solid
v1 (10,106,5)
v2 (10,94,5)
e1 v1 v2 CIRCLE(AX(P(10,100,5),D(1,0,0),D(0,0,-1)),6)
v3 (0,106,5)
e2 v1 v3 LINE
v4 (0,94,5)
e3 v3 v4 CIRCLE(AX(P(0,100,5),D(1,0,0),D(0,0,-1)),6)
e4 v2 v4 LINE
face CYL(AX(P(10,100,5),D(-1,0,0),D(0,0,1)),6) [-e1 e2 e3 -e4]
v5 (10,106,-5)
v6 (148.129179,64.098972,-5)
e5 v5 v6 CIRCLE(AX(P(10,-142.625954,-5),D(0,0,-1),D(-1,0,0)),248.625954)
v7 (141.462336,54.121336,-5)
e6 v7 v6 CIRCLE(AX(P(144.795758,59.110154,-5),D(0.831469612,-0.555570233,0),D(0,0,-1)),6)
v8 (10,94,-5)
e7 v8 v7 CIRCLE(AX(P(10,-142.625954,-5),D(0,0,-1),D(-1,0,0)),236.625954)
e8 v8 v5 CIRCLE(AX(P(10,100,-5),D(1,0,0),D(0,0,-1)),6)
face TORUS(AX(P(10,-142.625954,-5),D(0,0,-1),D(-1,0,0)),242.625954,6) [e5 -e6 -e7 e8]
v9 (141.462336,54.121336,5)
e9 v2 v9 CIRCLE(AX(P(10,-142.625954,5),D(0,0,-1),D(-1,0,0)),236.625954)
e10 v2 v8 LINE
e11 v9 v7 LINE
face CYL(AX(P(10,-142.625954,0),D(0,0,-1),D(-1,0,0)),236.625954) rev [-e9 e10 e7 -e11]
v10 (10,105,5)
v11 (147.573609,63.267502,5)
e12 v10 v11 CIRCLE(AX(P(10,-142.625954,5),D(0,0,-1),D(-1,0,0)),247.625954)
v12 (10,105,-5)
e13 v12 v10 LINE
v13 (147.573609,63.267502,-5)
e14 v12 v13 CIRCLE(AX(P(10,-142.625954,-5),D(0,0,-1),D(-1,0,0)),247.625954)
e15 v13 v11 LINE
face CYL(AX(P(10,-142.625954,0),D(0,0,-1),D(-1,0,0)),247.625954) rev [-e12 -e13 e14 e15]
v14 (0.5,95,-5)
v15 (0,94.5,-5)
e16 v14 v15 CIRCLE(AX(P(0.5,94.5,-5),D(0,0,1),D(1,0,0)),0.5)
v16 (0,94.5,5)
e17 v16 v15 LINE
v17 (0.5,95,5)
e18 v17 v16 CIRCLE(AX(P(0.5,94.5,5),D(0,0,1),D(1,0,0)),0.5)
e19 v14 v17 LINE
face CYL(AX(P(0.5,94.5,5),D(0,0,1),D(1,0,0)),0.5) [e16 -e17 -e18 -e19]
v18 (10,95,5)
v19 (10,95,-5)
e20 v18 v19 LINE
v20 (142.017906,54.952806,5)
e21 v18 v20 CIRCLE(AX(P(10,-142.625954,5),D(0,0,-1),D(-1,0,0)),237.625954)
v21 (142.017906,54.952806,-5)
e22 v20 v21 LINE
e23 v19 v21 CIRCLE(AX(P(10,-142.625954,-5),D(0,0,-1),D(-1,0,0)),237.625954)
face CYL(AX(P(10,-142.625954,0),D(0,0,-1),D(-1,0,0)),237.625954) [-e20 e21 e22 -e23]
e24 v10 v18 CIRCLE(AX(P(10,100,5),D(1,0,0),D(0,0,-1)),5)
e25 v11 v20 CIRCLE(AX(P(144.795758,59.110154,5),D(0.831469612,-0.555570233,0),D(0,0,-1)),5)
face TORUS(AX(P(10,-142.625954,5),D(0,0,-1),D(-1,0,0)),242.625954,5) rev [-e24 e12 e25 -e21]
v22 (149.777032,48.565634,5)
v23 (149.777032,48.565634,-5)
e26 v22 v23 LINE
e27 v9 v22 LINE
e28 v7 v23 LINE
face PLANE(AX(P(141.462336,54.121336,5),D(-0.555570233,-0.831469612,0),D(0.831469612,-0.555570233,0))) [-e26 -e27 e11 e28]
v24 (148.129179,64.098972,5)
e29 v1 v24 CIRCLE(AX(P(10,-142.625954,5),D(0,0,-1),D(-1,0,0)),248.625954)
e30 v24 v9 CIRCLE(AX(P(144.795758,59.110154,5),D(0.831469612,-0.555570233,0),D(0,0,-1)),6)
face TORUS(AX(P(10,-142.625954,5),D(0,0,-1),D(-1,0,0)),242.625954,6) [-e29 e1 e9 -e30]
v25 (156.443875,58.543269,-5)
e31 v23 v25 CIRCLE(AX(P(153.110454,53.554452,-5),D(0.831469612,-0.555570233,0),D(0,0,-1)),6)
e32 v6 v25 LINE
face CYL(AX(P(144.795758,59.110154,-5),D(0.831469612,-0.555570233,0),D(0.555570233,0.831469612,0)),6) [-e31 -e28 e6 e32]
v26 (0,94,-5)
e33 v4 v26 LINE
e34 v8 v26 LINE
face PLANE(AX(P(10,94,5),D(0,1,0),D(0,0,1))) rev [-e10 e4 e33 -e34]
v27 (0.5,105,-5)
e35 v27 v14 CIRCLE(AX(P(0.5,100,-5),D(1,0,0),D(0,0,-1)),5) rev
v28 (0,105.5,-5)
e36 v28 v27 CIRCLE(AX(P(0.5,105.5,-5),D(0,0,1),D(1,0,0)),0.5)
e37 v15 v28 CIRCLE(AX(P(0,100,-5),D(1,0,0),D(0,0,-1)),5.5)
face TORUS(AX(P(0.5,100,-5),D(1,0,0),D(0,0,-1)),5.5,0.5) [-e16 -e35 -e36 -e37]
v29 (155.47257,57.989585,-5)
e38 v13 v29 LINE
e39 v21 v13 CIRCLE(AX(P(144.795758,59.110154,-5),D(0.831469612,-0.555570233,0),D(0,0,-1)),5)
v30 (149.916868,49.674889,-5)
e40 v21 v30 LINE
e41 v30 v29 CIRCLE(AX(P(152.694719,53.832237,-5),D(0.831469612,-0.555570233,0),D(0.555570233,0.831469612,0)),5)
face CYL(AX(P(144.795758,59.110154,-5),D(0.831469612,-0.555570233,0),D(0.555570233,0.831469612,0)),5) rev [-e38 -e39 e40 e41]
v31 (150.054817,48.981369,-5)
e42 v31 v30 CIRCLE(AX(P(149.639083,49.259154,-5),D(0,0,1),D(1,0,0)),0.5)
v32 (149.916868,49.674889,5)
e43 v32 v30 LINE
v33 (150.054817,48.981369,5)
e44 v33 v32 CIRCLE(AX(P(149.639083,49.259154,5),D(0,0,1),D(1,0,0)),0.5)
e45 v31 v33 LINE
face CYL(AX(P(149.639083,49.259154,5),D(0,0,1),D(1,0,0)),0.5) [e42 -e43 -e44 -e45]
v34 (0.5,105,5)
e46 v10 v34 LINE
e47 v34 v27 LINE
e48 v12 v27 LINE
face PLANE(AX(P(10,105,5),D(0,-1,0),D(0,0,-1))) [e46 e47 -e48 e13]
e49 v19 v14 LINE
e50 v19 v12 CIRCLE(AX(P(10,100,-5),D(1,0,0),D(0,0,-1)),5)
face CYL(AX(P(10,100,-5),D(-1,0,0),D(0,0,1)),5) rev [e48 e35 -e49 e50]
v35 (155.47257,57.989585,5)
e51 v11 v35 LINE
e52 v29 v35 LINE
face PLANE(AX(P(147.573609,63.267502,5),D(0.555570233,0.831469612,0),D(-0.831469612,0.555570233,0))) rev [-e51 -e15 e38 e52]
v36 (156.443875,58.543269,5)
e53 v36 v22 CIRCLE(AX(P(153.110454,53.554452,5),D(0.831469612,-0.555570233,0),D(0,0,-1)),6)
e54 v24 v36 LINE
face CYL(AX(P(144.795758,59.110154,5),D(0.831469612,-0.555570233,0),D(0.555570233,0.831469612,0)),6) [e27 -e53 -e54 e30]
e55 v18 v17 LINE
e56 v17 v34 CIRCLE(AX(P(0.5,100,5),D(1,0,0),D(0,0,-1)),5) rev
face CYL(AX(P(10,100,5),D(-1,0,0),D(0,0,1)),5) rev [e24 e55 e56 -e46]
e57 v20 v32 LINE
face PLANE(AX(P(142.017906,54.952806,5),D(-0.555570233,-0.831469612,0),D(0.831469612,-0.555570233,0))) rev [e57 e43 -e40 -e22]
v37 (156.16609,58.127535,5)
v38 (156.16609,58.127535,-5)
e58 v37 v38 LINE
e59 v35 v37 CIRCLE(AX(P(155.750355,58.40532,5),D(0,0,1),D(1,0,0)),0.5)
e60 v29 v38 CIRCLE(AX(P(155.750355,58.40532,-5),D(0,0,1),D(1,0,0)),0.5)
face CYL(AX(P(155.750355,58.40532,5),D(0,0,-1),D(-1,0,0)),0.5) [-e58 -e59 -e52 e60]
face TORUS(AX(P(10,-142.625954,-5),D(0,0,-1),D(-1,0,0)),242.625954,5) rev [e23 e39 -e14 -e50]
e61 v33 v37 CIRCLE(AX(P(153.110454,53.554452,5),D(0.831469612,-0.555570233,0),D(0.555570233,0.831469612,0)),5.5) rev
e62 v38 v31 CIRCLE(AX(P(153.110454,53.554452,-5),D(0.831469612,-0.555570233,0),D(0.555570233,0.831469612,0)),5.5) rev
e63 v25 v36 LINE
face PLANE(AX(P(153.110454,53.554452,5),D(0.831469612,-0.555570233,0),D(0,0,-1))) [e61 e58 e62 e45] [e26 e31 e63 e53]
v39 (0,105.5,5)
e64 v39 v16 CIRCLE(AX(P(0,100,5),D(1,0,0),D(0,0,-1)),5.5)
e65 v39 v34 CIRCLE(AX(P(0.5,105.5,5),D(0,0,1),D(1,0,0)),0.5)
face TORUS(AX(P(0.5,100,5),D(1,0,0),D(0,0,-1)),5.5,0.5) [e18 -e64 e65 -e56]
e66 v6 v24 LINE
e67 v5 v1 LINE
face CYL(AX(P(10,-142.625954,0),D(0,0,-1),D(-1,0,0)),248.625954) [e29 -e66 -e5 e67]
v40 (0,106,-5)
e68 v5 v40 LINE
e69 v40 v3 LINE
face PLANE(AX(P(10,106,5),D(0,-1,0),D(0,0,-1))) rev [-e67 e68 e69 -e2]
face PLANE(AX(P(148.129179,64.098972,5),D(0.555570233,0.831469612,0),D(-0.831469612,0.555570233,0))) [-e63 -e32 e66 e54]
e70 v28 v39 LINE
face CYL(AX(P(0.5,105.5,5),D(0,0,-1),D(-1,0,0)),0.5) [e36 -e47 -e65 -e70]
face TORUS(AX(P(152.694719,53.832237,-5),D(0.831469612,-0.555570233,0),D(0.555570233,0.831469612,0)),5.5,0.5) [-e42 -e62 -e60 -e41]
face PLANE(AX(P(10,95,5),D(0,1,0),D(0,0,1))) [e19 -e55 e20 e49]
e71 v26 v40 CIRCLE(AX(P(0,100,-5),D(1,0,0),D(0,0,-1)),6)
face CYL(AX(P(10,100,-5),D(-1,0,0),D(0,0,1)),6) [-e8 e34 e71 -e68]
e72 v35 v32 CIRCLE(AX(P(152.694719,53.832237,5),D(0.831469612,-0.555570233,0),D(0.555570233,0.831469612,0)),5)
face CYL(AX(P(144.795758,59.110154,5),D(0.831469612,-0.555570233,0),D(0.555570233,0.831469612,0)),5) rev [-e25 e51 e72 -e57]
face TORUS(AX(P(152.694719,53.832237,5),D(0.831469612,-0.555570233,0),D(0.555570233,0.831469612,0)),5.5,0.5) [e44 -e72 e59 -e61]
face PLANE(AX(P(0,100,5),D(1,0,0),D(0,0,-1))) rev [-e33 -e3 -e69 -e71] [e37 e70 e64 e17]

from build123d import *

# Parameters (mm, degrees)
FILLET1_R = 0.5


with BuildPart() as part:
    # Sweep1: sweep along a path in Sketch2path
    with BuildLine(Plane.XY) as sweep1_path:
        Line((0, 100), (10, 100))
        ThreePointArc((10, 100), (80.430596643, 89.552607894), (144.795757594, 59.110153969))
        Line((144.795757594, 59.110153969), (153.110453717, 53.554451639))
    # Sketch3 → Sweep1 (sweep)
    with BuildSketch(Plane(origin=(0, 0, 0), x_dir=(0, 0, -1), z_dir=(1, 0, 0))):
        with BuildLine():
            Line((-5, 106), (5, 106))
            ThreePointArc((5, 106), (11, 100), (5, 94))
            Line((5, 94), (-5, 94))
            ThreePointArc((-5, 94), (-11, 100), (-5, 106))
        make_face()
        with BuildLine():
            Line((-5, 105), (5, 105))
            ThreePointArc((5, 105), (10, 100), (5, 95))
            Line((5, 95), (-5, 95))
            ThreePointArc((-5, 95), (-10, 100), (-5, 105))
        make_face(mode=Mode.SUBTRACT)
    sweep(path=sweep1_path.line)

    # Fillet1
    fillet1_edges = [part.edges().sort_by_distance(p)[0] for p in [
        (0, 100, -10),
        (0, 105, 0),
        (0, 100, 10),
        (153.110453717, 53.554451639, 10),
        (150.332602552, 49.397103578, 0),
        (153.110453717, 53.554451639, -10),
        (155.888304882, 57.711799701, 0),
        (0, 95, 0),
    ]]
    fillet(fillet1_edges, radius=FILLET1_R)


solid = part.part
